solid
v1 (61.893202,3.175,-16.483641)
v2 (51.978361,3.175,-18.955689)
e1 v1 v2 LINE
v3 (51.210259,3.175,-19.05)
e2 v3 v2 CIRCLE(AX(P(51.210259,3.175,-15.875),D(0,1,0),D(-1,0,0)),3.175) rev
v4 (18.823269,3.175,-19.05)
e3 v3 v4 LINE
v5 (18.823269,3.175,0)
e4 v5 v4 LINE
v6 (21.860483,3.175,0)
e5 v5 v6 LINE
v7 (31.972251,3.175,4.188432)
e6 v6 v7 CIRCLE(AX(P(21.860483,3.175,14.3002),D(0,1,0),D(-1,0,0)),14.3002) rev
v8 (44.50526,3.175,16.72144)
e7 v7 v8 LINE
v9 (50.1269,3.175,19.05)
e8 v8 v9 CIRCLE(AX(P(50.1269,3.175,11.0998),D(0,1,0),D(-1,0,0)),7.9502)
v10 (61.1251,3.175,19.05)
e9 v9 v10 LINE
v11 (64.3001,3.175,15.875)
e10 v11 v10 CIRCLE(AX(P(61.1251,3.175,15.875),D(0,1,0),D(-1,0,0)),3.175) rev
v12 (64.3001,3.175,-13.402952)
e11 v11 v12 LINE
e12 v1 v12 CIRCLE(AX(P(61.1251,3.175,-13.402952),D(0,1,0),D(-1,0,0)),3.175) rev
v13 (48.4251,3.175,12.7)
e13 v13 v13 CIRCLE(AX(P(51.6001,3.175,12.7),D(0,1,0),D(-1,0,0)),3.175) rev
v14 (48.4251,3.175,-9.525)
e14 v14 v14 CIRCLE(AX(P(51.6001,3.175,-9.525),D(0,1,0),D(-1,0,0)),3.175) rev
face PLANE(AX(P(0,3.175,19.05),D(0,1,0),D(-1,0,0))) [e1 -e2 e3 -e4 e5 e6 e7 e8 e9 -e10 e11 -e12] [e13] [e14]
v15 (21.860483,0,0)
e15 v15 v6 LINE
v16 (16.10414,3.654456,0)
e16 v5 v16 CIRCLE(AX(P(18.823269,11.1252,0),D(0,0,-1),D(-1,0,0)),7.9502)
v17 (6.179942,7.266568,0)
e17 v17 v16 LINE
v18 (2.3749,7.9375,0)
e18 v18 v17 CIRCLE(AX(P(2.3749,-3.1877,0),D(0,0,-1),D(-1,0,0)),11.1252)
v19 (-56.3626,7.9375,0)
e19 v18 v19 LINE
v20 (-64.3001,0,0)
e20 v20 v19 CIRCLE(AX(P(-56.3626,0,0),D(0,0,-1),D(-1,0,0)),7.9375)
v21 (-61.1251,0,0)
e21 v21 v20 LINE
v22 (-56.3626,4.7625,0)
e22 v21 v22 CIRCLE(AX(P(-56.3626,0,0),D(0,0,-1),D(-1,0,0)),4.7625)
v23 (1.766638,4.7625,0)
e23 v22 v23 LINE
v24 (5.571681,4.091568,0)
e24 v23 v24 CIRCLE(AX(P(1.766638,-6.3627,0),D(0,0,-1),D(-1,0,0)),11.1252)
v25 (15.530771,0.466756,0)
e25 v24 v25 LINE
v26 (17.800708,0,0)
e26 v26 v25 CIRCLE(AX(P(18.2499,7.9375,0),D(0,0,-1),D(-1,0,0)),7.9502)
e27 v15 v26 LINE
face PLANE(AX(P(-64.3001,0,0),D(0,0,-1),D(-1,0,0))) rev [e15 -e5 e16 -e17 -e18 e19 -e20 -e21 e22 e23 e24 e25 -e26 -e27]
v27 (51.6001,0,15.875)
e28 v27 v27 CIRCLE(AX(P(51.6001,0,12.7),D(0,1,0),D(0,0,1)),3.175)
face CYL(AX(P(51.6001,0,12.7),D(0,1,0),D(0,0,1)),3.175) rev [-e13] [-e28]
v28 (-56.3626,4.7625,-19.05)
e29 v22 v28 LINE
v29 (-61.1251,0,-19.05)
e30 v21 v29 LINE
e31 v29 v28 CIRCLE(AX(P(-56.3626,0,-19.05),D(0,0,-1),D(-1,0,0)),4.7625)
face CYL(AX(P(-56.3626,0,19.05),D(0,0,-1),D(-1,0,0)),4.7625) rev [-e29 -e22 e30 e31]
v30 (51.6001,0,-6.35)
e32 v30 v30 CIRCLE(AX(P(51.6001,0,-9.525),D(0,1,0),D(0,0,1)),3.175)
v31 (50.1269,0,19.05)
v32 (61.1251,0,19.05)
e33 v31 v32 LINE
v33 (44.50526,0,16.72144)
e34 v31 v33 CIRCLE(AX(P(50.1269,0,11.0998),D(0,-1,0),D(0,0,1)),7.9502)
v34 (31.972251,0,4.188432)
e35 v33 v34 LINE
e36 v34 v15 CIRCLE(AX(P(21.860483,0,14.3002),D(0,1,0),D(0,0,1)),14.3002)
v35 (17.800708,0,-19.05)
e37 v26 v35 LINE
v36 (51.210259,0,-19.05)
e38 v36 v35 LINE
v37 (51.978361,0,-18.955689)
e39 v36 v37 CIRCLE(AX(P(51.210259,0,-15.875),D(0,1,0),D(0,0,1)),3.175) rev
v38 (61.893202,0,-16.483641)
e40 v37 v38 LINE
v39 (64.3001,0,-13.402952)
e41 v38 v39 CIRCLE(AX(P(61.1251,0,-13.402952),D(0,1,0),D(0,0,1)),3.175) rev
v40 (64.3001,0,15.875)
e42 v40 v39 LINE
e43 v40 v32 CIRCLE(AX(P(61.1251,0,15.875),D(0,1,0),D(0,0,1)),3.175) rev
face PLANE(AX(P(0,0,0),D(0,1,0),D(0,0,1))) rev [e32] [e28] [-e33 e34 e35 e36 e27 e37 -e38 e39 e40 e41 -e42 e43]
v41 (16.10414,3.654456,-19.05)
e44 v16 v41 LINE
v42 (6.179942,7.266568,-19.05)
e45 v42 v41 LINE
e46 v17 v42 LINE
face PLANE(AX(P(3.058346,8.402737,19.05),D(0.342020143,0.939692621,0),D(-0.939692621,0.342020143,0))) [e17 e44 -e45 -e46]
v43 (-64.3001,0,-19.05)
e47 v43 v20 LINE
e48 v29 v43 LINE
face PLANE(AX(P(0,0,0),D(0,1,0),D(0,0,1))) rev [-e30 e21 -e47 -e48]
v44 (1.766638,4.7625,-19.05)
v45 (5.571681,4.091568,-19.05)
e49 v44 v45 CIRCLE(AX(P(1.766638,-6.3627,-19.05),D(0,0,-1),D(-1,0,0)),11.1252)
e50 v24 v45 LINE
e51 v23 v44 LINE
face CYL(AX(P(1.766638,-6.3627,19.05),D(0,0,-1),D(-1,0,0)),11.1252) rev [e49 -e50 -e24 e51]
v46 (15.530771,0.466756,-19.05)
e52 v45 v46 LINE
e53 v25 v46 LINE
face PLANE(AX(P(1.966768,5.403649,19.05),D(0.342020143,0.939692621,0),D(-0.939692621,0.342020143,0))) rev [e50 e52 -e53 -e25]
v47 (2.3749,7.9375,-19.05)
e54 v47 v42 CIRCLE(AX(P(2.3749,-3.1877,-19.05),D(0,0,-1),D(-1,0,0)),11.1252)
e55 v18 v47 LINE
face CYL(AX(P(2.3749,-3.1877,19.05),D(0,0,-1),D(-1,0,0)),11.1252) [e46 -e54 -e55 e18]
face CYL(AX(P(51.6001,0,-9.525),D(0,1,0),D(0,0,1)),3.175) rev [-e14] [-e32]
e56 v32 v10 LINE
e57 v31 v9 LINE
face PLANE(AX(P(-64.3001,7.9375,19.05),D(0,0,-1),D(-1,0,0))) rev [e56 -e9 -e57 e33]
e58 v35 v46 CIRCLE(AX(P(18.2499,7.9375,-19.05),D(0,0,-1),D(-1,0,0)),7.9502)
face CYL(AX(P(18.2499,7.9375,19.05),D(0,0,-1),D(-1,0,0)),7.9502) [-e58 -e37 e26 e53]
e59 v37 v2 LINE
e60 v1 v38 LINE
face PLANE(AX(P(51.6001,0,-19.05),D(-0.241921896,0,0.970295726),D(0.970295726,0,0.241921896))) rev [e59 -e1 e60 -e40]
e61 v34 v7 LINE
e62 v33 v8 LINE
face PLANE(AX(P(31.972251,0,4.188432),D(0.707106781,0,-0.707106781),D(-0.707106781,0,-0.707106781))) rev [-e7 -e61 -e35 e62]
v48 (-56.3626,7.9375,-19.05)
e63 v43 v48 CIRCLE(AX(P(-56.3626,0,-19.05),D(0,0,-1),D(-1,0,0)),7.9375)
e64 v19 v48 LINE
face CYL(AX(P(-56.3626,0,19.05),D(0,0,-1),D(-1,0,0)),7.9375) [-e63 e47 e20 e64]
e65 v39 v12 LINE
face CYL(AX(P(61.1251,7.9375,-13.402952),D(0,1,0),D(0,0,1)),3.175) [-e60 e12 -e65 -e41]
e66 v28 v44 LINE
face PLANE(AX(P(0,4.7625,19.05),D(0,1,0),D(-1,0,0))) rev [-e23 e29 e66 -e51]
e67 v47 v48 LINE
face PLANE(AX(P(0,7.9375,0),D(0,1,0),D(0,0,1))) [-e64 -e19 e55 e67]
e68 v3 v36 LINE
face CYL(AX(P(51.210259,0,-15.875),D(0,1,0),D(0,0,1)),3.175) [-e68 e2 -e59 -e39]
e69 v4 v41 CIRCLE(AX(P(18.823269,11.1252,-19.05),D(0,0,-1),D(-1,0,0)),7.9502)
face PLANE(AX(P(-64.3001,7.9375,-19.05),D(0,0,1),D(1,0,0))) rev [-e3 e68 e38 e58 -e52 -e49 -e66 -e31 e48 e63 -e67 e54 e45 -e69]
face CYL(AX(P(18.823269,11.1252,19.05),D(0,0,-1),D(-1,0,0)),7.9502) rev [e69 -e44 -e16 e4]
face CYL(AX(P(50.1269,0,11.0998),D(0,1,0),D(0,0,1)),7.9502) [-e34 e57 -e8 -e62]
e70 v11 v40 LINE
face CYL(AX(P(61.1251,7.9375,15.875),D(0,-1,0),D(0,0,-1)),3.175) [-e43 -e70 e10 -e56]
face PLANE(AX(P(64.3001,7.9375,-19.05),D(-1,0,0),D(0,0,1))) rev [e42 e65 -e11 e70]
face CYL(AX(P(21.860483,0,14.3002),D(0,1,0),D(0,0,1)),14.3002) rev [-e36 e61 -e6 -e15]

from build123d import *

# Parameters (mm, degrees)
SKETCH2_W               = 128.6002
SKETCH2_H               = 38.1
BOSS_EXTRUDE1_DEPTH     = 7.9375
CUT_EXTRUDE1_DEPTH      = 7.9375
CUT_EXTRUDE3_DEPTH      = 7.9375
FILLET3_R               = 3.175
SKETCH6_R               = 3.175
CUT_EXTRUDE4_DEPTH      = 7.9375
CUT_EXTRUDE8_DEPTH      = 76.160606479
CUT_EXTRUDE8_DEPTH_BACK = 76.160606479
SKETCH12_W              = 13.089840981
SKETCH12_H              = 4.7625


with BuildPart() as part:
    # Sketch2 → Boss-Extrude1 (new body)
    with BuildSketch(Plane(origin=(0, 0, 0), x_dir=(1, 0, 0), z_dir=(0, 1, 0))):
        Rectangle(SKETCH2_W, SKETCH2_H)
    extrude(amount=BOSS_EXTRUDE1_DEPTH)

    # Sketch4 → Cut-Extrude1 (cut)
    with BuildSketch(Plane(origin=(0, 7.9375, 0), x_dir=(1, 0, 0), z_dir=(0, 1, 0))):
        Polygon((64.3001, 19.05), (51.6001, 19.05), (64.3001, 15.883534364), align=None)
    extrude(amount=-CUT_EXTRUDE1_DEPTH, mode=Mode.SUBTRACT)

    # Sketch5 → Cut-Extrude3 (cut)
    with BuildSketch(Plane(origin=(0, 7.9375, 0), x_dir=(1, 0, 0), z_dir=(0, 1, 0))):
        with BuildLine():
            Line((-64.3001, 0), (21.860482552, 0))
            ThreePointArc((21.860482552, 0), (27.332932171, -1.088537909), (31.972250944, -4.188431608))
            Line((31.972250944, -4.188431608), (44.505259668, -16.721440332))
            ThreePointArc((44.505259668, -16.721440332), (47.084490176, -18.444827059), (50.1269, -19.05))
            Line((50.1269, -19.05), (-64.3001, -19.05))
            Line((-64.3001, -19.05), (-64.3001, 0))
        make_face()
    extrude(amount=-CUT_EXTRUDE3_DEPTH, mode=Mode.SUBTRACT)

    # Fillet3
    fillet3_edges = [part.edges().sort_by_distance(p)[0] for p in [
        (64.3001, 3.96875, -15.883534364),
        (51.6001, 3.96875, -19.05),
        (64.3001, 3.96875, 19.05),
    ]]
    fillet(fillet3_edges, radius=FILLET3_R)

    # Sketch6 → Cut-Extrude4 (cut)
    with BuildSketch(Plane(origin=(0, 7.9375, 0), x_dir=(1, 0, 0), z_dir=(0, 1, 0))):
        with Locations(Location((51.6001, 9.525, 0), (0, 0, 270))):
            Circle(SKETCH6_R)
        with Locations(Location((51.6001, -12.7, 0), (0, 0, 270))):
            Circle(SKETCH6_R)
    extrude(amount=-CUT_EXTRUDE4_DEPTH, mode=Mode.SUBTRACT)

    # Sketch12 → Cut-Extrude8 (cut, two sides: drawn at the far end of the back side and taken through both)
    with BuildSketch(Plane(origin=(0, 0, -19.05), x_dir=(-1, 0, 0), z_dir=(0, 0, -1)).offset(-CUT_EXTRUDE8_DEPTH_BACK)):
        with BuildLine():
            Line((-10.637677607, 5.644085453), (-6.179942499, 7.266568345))
            ThreePointArc((-6.179942499, 7.266568345), (-4.306770706, 7.768483214), (-2.3749, 7.9375))
            Line((-2.3749, 7.9375), (-51.210259019, 7.9375))
            Line((-51.210259019, 7.9375), (-51.210259019, 3.175))
            Line((-51.210259019, 3.175), (-24.615767874, 3.175))
            Line((-24.615767874, 3.175), (-18.823268898, 3.175))
            ThreePointArc((-18.823268898, 3.175), (-17.442731156, 3.295781402), (-16.104140354, 3.654455726))
            Line((-16.104140354, 3.654455726), (-10.637677607, 5.644085453))
        make_face()
        with Locations((-57.75517951, 5.55625)):
            Rectangle(SKETCH12_W, SKETCH12_H)
        with BuildLine():
            ThreePointArc((56.3626, 7.9375), (61.975260076, 5.612660076), (64.3001, 0))
            Line((64.3001, 0), (64.3001, 7.9375))
            Line((64.3001, 7.9375), (56.3626, 7.9375))
        make_face()
        with BuildLine():
            ThreePointArc((61.1251, 0), (59.730196045, 3.367596045), (56.3626, 4.7625))
            Line((56.3626, 4.7625), (-1.766638139, 4.7625))
            ThreePointArc((-1.766638139, 4.7625), (-3.698508845, 4.593483214), (-5.571680637, 4.091568345))
            Line((-5.571680637, 4.091568345), (-12.417211155, 1.599998998))
            Line((-12.417211155, 1.599998998), (-15.530771457, 0.466755726))
            ThreePointArc((-15.530771457, 0.466755726), (-16.648641249, 0.150225095), (-17.800707625, 0))
            Line((-17.800707625, 0), (48.4251, 0))
            Line((48.4251, 0), (51.6001, 0))
            Line((51.6001, 0), (61.1251, 0))
        make_face()
    extrude(amount=CUT_EXTRUDE8_DEPTH + CUT_EXTRUDE8_DEPTH_BACK, mode=Mode.SUBTRACT)


solid = part.part
